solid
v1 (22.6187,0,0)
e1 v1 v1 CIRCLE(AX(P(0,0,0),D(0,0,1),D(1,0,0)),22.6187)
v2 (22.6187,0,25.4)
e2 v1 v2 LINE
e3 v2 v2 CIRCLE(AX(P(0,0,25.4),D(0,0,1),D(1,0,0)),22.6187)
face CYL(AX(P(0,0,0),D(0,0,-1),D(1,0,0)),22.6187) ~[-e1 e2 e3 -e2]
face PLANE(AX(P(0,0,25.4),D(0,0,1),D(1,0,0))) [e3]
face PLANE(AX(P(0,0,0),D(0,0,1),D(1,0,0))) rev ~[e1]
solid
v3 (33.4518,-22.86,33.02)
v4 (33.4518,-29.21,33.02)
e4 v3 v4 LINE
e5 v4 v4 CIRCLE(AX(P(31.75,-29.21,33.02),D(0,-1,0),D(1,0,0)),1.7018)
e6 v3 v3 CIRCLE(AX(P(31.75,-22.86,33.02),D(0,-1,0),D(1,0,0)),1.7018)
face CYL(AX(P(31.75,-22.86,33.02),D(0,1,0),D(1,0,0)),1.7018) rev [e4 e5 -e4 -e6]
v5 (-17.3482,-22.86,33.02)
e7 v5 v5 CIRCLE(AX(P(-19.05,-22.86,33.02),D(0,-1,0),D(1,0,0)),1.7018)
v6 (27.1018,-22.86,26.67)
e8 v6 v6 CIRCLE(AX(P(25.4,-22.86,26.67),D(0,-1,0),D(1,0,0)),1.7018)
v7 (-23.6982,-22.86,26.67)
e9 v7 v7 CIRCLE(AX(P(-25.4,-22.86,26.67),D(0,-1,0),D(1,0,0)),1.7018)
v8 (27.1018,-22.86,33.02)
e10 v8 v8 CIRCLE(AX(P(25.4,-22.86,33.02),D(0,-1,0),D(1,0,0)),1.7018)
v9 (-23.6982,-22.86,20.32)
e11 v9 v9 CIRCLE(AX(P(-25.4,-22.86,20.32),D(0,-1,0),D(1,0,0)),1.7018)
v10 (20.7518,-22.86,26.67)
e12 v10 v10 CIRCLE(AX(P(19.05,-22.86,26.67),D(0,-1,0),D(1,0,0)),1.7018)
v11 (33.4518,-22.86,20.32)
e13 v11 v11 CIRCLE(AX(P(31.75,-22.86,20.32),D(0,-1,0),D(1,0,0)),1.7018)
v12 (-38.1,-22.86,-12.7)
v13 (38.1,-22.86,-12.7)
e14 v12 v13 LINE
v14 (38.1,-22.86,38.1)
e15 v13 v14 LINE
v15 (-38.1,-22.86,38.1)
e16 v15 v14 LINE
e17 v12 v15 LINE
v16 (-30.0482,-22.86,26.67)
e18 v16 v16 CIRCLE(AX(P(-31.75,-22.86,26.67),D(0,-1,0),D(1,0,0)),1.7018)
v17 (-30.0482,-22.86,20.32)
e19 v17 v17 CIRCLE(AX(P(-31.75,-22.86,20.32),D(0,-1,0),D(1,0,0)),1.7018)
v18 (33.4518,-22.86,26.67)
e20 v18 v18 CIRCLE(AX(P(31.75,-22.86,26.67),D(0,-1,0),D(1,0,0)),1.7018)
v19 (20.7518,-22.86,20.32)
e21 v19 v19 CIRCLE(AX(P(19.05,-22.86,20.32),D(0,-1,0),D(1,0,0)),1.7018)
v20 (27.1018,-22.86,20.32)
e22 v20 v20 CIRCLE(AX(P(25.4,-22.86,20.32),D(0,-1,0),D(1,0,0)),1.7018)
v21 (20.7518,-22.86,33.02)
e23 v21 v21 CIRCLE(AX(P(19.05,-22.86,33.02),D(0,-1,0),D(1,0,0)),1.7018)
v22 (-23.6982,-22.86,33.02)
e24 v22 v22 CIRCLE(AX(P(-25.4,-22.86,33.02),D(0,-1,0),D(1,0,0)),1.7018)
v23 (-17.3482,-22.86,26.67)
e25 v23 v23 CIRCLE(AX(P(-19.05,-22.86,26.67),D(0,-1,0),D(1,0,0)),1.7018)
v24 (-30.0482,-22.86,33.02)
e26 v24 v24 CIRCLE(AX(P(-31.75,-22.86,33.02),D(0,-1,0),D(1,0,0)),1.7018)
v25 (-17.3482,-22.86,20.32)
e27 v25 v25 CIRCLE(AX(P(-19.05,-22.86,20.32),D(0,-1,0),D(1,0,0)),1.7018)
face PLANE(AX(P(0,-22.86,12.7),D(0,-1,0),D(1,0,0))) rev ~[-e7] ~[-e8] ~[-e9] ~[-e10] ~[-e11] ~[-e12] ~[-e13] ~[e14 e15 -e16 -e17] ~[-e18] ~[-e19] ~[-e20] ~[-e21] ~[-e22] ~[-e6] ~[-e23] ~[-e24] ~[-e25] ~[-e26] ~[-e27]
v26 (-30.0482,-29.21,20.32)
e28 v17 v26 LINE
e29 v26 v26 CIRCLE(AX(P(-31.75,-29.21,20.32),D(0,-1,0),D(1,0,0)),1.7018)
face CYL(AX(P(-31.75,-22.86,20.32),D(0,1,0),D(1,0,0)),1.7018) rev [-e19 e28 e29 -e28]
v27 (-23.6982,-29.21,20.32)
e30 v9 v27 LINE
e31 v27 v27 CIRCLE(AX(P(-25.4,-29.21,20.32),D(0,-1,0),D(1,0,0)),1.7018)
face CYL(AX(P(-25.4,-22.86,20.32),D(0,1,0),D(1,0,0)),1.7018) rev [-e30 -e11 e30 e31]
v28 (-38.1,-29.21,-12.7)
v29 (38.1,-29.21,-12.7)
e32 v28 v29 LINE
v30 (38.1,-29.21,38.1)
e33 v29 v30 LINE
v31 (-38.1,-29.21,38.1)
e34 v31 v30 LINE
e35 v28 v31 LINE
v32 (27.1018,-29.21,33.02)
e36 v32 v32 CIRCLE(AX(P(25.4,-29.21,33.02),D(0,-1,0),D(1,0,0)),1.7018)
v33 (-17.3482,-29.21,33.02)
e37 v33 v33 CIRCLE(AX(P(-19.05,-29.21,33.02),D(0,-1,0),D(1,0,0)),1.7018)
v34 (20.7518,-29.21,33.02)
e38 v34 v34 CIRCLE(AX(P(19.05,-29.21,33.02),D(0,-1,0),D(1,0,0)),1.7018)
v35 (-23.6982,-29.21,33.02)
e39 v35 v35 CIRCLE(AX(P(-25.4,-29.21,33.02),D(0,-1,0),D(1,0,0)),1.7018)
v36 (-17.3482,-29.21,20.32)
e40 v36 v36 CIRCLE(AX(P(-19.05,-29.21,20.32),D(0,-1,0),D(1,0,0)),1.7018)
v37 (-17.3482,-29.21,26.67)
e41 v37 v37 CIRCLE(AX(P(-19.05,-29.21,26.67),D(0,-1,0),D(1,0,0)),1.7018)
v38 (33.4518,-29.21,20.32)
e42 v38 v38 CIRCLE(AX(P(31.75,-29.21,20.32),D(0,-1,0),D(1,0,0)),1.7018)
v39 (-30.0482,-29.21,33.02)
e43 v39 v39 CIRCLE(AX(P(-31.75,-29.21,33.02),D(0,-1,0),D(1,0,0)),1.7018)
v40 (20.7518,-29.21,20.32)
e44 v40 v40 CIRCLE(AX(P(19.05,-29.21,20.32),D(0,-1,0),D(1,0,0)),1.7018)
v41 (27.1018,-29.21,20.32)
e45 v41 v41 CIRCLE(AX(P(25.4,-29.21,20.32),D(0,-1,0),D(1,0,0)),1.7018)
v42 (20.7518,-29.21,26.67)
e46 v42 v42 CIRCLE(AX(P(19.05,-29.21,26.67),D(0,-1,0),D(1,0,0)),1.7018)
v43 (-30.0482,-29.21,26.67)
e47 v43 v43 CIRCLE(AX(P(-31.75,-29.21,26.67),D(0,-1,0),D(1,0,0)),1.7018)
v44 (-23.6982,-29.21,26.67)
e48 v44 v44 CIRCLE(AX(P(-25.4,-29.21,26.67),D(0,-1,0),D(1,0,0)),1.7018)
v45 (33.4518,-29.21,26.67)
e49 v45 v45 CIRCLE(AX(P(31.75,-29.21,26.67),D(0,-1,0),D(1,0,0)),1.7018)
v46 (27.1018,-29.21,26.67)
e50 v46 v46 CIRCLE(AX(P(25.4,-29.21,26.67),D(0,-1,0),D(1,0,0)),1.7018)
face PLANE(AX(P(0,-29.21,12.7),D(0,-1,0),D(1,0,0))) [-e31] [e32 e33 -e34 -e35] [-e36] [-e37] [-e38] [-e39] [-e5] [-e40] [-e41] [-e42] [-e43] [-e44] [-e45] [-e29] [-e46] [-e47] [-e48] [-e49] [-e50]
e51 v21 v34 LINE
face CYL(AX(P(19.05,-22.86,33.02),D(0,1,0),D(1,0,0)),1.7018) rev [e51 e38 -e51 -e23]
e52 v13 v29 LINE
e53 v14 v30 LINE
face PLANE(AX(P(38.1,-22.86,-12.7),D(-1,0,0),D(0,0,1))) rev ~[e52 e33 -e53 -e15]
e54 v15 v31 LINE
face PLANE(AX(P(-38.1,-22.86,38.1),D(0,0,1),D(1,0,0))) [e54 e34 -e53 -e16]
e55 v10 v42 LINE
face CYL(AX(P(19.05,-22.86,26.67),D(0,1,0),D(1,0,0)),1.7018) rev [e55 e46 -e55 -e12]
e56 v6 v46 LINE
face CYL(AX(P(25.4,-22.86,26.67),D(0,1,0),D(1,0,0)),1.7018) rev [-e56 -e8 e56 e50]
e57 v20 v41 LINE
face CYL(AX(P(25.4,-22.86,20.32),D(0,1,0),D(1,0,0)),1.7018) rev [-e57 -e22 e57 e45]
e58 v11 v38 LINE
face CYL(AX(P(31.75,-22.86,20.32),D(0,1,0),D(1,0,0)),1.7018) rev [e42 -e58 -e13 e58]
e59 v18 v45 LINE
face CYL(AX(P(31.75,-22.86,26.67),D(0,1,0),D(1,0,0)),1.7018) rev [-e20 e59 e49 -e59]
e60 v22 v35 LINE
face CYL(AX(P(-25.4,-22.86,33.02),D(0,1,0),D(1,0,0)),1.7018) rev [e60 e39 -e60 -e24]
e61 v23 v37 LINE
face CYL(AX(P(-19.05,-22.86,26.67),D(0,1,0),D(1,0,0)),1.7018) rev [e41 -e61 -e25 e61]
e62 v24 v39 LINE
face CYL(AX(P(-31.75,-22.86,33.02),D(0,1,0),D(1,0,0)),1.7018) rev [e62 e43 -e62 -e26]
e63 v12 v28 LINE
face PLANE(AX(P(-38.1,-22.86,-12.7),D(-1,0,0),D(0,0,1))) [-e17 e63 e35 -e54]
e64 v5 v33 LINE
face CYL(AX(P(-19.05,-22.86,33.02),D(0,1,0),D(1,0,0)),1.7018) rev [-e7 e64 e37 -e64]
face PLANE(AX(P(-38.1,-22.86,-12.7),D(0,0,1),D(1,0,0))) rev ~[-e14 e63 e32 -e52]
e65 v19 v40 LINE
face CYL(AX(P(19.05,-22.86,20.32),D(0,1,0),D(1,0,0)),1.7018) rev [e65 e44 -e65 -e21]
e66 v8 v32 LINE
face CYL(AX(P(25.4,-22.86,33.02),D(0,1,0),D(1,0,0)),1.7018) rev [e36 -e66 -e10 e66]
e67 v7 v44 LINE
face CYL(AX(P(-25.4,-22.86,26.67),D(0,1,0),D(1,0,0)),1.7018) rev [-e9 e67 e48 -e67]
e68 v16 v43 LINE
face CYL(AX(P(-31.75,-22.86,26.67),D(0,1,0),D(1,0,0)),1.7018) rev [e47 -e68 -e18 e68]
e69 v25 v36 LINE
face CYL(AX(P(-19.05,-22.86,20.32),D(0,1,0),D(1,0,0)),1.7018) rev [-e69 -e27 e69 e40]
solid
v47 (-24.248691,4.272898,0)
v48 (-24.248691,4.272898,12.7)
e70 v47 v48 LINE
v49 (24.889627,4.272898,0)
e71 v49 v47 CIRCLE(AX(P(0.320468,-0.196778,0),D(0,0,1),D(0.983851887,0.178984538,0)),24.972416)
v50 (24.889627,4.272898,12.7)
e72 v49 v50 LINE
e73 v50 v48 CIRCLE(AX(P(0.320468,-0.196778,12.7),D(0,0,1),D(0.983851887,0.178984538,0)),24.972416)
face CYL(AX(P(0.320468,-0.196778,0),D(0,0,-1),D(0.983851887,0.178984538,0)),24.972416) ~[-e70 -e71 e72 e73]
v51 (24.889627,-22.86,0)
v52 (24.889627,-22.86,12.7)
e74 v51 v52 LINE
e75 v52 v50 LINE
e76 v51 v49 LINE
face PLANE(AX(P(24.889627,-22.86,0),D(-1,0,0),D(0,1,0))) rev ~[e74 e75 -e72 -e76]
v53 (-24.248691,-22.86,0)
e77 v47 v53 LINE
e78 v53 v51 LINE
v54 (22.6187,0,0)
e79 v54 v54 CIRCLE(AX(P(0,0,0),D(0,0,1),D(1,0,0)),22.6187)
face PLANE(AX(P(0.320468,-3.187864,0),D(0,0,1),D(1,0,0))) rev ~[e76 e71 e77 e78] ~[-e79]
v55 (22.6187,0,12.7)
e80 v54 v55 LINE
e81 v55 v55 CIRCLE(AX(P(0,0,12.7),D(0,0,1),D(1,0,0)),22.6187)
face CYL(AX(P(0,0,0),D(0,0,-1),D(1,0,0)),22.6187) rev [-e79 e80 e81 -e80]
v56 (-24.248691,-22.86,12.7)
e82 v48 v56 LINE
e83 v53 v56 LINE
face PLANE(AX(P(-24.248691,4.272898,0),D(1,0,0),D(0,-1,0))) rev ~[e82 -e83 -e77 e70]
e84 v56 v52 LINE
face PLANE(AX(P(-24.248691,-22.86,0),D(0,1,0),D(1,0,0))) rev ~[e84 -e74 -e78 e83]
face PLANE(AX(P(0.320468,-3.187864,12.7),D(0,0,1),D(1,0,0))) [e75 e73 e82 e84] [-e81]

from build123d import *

# Parameters (mm, degrees)
F0_R     = 22.6187
F1_DEPTH = 25.4
F3_W     = 76.2
F3_H     = 50.8
F3_R     = 1.7018
F4_DEPTH = 6.35
F5_R     = 22.6187
F6_DEPTH = 12.7


with BuildPart() as f1:
    # F0 (on Top) → F1 (new body)
    with BuildSketch(Plane.XY):
        Circle(F0_R)
    extrude(amount=F1_DEPTH)


with BuildPart() as f4:
    # F3 (on offset) → F4 (new body)
    with BuildSketch(Plane.XZ.offset(22.86)):
        with Locations((0, 12.7)):
            Rectangle(F3_W, F3_H)
        with Locations((-31.75, 20.32)):
            Circle(F3_R, mode=Mode.SUBTRACT)
        with Locations((-25.4, 20.32)):
            Circle(F3_R, mode=Mode.SUBTRACT)
        with Locations((-19.05, 20.32)):
            Circle(F3_R, mode=Mode.SUBTRACT)
        with Locations((-31.75, 26.67)):
            Circle(F3_R, mode=Mode.SUBTRACT)
        with Locations((-25.4, 26.67)):
            Circle(F3_R, mode=Mode.SUBTRACT)
        with Locations((-31.75, 33.02)):
            Circle(F3_R, mode=Mode.SUBTRACT)
        with Locations((-25.4, 33.02)):
            Circle(F3_R, mode=Mode.SUBTRACT)
        with Locations((-19.05, 26.67)):
            Circle(F3_R, mode=Mode.SUBTRACT)
        with Locations((-19.05, 33.02)):
            Circle(F3_R, mode=Mode.SUBTRACT)
        with Locations((19.05, 20.32)):
            Circle(F3_R, mode=Mode.SUBTRACT)
        with Locations((25.4, 20.32)):
            Circle(F3_R, mode=Mode.SUBTRACT)
        with Locations((31.75, 20.32)):
            Circle(F3_R, mode=Mode.SUBTRACT)
        with Locations((19.05, 26.67)):
            Circle(F3_R, mode=Mode.SUBTRACT)
        with Locations((25.4, 26.67)):
            Circle(F3_R, mode=Mode.SUBTRACT)
        with Locations((31.75, 26.67)):
            Circle(F3_R, mode=Mode.SUBTRACT)
        with Locations((19.05, 33.02)):
            Circle(F3_R, mode=Mode.SUBTRACT)
        with Locations((25.4, 33.02)):
            Circle(F3_R, mode=Mode.SUBTRACT)
        with Locations((31.75, 33.02)):
            Circle(F3_R, mode=Mode.SUBTRACT)
    extrude(amount=F4_DEPTH)


with BuildPart() as f6:
    # F5 (on Top) → F6 (new body)
    with BuildSketch(Plane.XY):
        with BuildLine():
            Line((-24.248691, 4.272898), (-24.248691, -22.86))
            Line((-24.248691, -22.86), (24.889627, -22.86))
            Line((24.889627, -22.86), (24.889627, 4.272898))
            ThreePointArc((24.889627, 4.272898), (0.320468, 24.775638), (-24.248691, 4.272898))
        make_face()
        Circle(F5_R, mode=Mode.SUBTRACT)
    extrude(amount=F6_DEPTH)


solid = Compound([f1.part, f4.part, f6.part])
